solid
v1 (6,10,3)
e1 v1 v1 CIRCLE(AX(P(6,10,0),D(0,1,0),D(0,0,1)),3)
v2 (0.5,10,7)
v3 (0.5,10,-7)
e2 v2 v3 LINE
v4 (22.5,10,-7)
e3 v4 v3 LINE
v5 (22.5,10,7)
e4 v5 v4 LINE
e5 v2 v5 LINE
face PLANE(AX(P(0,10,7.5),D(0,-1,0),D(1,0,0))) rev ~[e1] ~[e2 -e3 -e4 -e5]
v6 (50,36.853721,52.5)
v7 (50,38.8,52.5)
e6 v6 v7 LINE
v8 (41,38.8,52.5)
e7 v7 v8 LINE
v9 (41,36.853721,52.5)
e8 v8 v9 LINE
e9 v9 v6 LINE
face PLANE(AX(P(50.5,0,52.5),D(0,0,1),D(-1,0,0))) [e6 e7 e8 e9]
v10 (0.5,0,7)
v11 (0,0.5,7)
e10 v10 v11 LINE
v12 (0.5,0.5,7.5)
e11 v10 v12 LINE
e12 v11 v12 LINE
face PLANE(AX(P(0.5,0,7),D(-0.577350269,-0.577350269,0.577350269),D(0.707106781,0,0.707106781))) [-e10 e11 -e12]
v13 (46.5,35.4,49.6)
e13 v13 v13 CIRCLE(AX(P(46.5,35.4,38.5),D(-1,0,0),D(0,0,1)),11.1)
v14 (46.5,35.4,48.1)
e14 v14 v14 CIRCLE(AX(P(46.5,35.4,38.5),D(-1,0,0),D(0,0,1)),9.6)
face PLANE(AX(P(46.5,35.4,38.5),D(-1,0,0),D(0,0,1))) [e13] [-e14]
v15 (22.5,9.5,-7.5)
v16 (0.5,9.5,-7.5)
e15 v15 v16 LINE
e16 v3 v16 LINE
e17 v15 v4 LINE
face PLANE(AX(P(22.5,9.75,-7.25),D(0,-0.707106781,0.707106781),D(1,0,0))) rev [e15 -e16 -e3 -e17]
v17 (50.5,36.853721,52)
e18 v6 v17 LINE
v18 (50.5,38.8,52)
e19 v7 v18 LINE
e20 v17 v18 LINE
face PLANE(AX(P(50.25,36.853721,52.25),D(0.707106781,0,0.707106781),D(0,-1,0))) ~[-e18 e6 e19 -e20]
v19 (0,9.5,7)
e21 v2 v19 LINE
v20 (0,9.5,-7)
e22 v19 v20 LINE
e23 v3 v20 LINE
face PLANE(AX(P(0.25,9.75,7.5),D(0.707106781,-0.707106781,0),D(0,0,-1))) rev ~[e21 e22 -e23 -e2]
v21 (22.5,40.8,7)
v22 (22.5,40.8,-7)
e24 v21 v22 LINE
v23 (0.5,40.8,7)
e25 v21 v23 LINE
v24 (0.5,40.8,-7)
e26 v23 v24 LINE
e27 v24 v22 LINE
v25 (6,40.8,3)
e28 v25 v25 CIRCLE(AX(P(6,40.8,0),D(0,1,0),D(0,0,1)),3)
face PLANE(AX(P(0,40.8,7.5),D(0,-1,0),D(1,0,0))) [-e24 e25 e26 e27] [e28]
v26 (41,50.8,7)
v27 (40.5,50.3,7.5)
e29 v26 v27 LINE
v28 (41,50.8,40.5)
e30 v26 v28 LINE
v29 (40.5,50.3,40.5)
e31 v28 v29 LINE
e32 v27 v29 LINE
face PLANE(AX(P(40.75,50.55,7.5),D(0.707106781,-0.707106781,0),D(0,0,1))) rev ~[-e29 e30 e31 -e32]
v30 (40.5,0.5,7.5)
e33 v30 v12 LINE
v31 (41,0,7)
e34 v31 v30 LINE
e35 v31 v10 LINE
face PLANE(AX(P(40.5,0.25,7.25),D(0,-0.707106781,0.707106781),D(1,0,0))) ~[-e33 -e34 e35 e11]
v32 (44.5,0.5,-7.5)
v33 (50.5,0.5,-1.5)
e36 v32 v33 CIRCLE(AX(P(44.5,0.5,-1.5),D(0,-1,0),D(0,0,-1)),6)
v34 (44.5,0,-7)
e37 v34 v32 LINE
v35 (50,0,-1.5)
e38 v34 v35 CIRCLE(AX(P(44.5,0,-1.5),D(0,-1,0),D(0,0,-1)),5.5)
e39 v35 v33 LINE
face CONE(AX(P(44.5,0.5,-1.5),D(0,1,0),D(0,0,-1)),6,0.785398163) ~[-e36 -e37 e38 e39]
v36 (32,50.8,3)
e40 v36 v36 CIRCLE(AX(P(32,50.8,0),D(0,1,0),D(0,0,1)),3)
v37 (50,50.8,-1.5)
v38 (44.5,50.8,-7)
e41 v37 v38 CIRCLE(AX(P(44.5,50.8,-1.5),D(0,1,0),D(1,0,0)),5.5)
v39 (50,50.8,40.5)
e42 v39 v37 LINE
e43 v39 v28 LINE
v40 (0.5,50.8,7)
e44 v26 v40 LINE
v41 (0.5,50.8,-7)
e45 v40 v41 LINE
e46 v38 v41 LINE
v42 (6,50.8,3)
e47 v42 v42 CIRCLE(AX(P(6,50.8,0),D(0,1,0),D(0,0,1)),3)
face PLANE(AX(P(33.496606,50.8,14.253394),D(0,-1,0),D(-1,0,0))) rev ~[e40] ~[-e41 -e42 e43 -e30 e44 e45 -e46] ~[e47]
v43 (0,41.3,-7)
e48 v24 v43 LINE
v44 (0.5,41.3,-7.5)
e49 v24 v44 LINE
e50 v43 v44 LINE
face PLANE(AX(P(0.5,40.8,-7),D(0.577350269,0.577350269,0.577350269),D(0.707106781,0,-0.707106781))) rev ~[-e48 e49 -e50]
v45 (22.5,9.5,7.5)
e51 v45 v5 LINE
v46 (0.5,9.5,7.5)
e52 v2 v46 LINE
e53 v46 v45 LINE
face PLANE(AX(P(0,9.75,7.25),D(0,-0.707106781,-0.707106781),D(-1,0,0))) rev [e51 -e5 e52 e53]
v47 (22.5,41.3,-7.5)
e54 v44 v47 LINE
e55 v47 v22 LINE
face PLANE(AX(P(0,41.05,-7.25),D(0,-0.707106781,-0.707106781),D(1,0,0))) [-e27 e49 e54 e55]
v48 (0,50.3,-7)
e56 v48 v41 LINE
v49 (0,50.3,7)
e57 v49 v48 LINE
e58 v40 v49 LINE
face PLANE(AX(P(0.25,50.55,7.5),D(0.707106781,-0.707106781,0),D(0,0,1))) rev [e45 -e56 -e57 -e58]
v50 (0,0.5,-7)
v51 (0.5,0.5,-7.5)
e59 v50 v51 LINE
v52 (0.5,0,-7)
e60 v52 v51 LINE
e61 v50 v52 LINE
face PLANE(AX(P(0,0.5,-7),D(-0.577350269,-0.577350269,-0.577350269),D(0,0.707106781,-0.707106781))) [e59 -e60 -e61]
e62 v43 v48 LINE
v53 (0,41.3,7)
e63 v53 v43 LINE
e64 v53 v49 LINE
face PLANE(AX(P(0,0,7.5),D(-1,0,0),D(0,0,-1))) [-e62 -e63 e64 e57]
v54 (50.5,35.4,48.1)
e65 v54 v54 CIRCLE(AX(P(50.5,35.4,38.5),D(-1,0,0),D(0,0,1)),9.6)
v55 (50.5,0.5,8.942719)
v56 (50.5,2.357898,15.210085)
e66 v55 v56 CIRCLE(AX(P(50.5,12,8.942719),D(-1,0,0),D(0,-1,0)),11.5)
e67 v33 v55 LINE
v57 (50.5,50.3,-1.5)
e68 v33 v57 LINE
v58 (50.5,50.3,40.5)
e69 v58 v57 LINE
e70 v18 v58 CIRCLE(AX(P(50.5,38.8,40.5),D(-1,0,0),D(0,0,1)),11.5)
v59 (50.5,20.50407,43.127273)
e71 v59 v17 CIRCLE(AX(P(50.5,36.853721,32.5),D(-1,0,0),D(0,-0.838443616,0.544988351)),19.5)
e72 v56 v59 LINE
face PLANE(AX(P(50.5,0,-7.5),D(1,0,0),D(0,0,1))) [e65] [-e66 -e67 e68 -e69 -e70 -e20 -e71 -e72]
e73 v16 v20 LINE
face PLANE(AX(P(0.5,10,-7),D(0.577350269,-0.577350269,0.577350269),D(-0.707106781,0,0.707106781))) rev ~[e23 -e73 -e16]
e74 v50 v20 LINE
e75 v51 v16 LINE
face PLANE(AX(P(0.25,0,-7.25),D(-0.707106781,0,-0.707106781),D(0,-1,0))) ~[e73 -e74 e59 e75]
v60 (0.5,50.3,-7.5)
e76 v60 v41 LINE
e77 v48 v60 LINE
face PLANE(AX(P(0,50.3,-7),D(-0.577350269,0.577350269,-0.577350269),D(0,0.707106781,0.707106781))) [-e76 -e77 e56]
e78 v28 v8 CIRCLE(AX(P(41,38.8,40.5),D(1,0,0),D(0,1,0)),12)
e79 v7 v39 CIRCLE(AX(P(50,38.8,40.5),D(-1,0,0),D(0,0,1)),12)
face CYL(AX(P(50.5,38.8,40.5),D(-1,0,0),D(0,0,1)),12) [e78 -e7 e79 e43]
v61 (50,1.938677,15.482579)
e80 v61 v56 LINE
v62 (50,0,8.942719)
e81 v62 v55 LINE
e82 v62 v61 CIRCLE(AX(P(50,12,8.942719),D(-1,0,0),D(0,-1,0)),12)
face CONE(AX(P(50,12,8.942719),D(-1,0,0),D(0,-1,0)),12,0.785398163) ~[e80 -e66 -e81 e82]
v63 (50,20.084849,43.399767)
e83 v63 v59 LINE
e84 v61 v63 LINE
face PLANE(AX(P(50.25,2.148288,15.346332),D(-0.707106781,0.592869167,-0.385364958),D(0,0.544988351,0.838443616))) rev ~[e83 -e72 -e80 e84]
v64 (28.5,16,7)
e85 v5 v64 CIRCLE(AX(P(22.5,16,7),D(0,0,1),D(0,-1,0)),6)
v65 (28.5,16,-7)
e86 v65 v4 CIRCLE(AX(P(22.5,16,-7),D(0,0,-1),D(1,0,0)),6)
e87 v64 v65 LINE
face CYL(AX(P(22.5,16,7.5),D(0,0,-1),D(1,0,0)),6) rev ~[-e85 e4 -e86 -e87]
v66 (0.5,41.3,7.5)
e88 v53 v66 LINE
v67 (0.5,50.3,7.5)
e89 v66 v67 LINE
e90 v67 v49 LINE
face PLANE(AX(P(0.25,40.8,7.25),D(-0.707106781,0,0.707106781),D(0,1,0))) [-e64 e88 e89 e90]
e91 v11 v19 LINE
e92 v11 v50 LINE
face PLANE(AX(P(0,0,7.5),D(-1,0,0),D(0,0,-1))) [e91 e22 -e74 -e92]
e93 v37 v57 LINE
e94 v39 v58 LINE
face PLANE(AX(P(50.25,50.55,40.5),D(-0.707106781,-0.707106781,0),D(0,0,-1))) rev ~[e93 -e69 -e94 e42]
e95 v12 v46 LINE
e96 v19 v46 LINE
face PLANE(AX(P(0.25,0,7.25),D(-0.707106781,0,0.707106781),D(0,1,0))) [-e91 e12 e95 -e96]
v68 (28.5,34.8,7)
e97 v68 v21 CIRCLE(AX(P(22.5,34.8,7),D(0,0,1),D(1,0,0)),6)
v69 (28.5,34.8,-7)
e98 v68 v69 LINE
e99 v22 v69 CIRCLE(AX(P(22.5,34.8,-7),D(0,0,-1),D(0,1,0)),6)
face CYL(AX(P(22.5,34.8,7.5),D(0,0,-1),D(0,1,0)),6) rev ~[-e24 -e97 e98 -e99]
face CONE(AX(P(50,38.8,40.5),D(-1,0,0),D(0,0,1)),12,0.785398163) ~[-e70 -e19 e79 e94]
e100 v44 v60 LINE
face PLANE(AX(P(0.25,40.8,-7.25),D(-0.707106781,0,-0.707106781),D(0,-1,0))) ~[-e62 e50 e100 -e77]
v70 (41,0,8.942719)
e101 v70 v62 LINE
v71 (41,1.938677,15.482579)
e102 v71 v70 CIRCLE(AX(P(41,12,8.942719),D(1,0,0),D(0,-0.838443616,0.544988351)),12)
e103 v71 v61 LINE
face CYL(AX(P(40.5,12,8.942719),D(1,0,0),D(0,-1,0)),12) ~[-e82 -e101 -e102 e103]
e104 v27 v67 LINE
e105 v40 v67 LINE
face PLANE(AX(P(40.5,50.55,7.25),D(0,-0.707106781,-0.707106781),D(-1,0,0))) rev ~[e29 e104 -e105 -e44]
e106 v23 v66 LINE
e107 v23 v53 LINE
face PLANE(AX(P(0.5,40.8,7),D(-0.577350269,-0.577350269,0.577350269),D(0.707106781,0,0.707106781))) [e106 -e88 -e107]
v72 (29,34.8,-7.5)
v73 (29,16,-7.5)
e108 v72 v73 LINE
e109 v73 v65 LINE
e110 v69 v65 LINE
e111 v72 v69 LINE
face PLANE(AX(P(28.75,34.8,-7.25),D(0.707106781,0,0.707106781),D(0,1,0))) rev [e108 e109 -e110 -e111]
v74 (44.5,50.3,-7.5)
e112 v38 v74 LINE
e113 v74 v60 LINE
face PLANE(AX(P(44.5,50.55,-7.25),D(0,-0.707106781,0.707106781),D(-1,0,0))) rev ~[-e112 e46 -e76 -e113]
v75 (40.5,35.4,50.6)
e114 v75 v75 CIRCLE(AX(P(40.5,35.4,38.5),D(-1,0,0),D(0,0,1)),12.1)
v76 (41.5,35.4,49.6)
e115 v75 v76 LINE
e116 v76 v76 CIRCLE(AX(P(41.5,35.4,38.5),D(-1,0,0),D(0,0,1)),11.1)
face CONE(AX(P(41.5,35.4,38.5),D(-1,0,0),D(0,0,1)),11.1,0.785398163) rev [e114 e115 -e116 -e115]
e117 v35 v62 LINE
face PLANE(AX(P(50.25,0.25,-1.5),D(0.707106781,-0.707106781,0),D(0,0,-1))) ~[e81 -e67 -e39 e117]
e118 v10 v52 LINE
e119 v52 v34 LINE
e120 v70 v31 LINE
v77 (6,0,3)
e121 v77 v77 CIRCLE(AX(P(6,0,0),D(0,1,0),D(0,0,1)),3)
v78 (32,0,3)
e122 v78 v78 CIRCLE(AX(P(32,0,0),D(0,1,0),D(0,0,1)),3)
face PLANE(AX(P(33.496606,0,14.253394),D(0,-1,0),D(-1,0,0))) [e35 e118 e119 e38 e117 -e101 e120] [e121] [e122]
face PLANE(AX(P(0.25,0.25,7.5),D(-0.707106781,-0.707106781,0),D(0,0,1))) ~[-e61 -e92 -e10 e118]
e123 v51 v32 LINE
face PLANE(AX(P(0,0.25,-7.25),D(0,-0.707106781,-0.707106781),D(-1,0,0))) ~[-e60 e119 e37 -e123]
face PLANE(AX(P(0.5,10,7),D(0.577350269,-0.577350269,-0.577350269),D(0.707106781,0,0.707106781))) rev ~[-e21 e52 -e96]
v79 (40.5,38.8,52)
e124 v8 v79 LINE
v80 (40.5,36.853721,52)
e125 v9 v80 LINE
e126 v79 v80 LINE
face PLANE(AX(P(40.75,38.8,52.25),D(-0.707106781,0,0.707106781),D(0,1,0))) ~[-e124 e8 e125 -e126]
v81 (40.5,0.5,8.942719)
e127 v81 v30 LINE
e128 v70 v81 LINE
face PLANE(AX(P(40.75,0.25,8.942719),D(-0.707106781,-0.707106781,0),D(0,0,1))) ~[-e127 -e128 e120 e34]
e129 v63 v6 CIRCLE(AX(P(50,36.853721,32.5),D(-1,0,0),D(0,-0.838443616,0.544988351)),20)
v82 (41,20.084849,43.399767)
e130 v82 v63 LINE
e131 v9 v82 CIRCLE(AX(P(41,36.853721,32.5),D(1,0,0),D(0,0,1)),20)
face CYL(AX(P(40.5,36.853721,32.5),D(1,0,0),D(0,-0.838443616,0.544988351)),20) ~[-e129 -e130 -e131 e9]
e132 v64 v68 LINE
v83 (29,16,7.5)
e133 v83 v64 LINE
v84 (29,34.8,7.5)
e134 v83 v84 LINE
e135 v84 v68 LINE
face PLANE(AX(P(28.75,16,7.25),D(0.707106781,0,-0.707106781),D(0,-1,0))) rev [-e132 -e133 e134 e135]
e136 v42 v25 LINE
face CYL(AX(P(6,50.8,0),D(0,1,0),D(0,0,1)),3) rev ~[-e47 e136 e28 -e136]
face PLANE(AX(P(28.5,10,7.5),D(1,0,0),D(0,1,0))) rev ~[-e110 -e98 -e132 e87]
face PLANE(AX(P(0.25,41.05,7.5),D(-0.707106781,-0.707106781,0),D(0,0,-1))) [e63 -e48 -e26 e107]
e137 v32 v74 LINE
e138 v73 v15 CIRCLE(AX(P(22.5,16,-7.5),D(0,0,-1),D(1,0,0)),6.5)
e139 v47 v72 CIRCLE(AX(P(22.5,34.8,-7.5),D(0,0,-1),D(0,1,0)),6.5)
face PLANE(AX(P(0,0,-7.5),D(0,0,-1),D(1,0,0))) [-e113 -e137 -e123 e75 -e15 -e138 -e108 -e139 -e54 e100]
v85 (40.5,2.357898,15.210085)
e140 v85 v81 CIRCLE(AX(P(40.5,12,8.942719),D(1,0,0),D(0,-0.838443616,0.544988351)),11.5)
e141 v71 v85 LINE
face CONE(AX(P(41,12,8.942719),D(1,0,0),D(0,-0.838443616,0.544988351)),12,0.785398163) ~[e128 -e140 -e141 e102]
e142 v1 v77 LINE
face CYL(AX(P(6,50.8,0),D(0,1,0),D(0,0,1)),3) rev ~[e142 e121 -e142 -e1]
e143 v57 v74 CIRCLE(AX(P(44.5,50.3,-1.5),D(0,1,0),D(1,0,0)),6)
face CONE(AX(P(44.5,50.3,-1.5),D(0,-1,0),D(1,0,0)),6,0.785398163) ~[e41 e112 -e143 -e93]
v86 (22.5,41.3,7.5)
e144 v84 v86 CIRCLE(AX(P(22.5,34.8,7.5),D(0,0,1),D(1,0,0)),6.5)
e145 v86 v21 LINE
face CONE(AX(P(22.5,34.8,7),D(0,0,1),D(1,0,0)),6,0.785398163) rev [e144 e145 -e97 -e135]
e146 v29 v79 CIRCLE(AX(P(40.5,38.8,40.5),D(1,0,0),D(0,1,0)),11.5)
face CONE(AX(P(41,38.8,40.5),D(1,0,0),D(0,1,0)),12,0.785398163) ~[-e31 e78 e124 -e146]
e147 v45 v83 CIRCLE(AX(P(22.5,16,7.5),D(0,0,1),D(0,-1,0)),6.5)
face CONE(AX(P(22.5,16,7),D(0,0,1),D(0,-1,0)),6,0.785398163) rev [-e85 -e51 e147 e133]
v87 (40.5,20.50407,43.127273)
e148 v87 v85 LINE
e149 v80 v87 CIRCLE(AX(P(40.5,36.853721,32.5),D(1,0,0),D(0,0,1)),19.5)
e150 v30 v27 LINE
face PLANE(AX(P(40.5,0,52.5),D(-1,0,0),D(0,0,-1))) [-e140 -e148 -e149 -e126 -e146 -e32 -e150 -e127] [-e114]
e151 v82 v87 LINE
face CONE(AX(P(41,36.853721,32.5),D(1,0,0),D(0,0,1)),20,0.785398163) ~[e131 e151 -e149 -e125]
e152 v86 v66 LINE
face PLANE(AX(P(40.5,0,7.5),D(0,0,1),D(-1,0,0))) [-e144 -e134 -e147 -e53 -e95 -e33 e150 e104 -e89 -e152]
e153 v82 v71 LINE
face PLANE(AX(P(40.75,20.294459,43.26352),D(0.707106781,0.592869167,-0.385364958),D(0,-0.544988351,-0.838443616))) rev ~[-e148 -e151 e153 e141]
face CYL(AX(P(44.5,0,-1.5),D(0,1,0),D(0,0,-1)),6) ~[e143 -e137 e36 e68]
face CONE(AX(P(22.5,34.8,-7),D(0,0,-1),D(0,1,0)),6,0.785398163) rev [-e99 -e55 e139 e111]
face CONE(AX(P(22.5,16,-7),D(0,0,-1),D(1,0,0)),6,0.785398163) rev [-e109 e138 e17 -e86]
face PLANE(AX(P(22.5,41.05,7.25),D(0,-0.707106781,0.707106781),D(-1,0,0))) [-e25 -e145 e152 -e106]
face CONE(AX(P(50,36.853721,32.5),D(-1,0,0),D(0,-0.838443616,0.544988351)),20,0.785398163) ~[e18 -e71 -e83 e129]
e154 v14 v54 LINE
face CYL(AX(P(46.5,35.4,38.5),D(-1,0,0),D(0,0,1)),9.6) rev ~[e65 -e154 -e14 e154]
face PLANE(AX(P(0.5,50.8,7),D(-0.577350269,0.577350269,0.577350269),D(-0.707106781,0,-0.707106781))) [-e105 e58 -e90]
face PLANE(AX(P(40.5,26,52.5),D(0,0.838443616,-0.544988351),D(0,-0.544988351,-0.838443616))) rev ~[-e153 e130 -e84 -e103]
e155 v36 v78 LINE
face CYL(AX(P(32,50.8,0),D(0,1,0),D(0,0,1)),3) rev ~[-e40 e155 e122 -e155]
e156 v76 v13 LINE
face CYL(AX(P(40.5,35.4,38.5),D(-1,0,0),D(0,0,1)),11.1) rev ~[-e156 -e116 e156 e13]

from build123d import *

# Parameters (mm, degrees)
BOSS_EXTRUDE1_DEPTH = 50.8
SKETCH3_R           = 11.1
CUT_EXTRUDE1_DEPTH  = 6
SKETCH4_R           = 9.6
CUT_EXTRUDE2_DEPTH  = 87.597575024
CUT_EXTRUDE3_DEPTH  = 84.529276305
FILLET1_R           = 20
FILLET2_R           = 12
SKETCH6_R           = 3
CUT_EXTRUDE4_DEPTH  = 89.809571556
SKETCH7_W           = 28.5
SKETCH7_H           = 30.8
CUT_EXTRUDE5_DEPTH  = 85.592493757
FILLET3_R           = 6
FILLET4_R           = 6
FILLET5_R           = 12
CHAMFER1_SIZE       = 0.5
CHAMFER2_SIZE       = 1


with BuildPart() as part:
    # Sketch2 → Boss-Extrude1 (new body)
    with BuildSketch(Plane(origin=(0, 0, 0), x_dir=(1, 0, 0), z_dir=(0, 1, 0))):
        Polygon((0, 7.5), (50.5, 7.5), (50.5, -52.5), (40.5, -52.5), (40.5, -7.5), (0, -7.5), align=None)
    extrude(amount=BOSS_EXTRUDE1_DEPTH)

    # Sketch3 → Cut-Extrude1 (cut)
    with BuildSketch(Plane.ZY.offset(-40.5)):
        with Locations((38.5, 35.4)):
            Circle(SKETCH3_R)
    extrude(amount=-CUT_EXTRUDE1_DEPTH, mode=Mode.SUBTRACT)

    # Sketch4 → Cut-Extrude2 (cut, through all)
    with BuildSketch(Plane.ZY.offset(-46.5)):
        with Locations((38.5, 35.4)):
            Circle(SKETCH4_R)
    extrude(amount=-CUT_EXTRUDE2_DEPTH, mode=Mode.SUBTRACT)

    # Sketch5 → Cut-Extrude3 (cut, through all)
    with BuildSketch(Plane.ZY.offset(-40.5)):
        Polygon((12.5, 0), (52.5, 0), (52.5, 26), align=None)
    extrude(amount=-CUT_EXTRUDE3_DEPTH, mode=Mode.SUBTRACT)

    # Fillet1
    fillet1_edges = [part.edges().sort_by_distance(p)[0] for p in [
        (45.5, 26, 52.5),
    ]]
    fillet(fillet1_edges, radius=FILLET1_R)

    # Fillet2
    fillet2_edges = [part.edges().sort_by_distance(p)[0] for p in [
        (45.5, 50.8, 52.5),
    ]]
    fillet(fillet2_edges, radius=FILLET2_R)

    # Sketch6 → Cut-Extrude4 (cut, through all)
    with BuildSketch(Plane(origin=(0, 50.8, 0), x_dir=(1, 0, 0), z_dir=(0, 1, 0))):
        with Locations(Location((6, 0, 0), (0, 0, 270))):
            Circle(SKETCH6_R)
        with Locations(Location((32, 0, 0), (0, 0, 270))):
            Circle(SKETCH6_R)
    extrude(amount=-CUT_EXTRUDE4_DEPTH, mode=Mode.SUBTRACT)

    # Sketch7 → Cut-Extrude5 (cut, through all)
    with BuildSketch(Plane.XY.offset(7.5)):
        with Locations((14.25, 25.4)):
            Rectangle(SKETCH7_W, SKETCH7_H)
    extrude(amount=-CUT_EXTRUDE5_DEPTH, mode=Mode.SUBTRACT)

    # Fillet3
    fillet3_edges = [part.edges().sort_by_distance(p)[0] for p in [
        (28.5, 10, 0),
        (28.5, 40.8, 0),
    ]]
    fillet(fillet3_edges, radius=FILLET3_R)

    # Fillet4
    fillet4_edges = [part.edges().sort_by_distance(p)[0] for p in [
        (50.5, 25.4, -7.5),
    ]]
    fillet(fillet4_edges, radius=FILLET4_R)

    # Fillet5
    fillet5_edges = [part.edges().sort_by_distance(p)[0] for p in [
        (45.5, 0, 12.5),
    ]]
    fillet(fillet5_edges, radius=FILLET5_R)

    # Chamfer1
    chamfer1_edges = [part.edges().sort_by_distance(p)[0] for p in [
        (48.742640687, 0, -5.742640687),
        (50.5, 50.8, 19.5),
        (48.742640687, 50.8, -5.742640687),
        (40.5, 0, 8.221359592),
        (40.5, 0.4948733, 12.353299725),
        (50.5, 0.4948733, 12.353299725),
        (0, 45.8, -7.5),
        (0, 45.8, 7.5),
        (20.25, 50.8, 7.5),
        (0, 50.8, 0),
        (40.5, 11.011762581, 29.441173202),
        (50.5, 11.011762581, 29.441173202),
        (40.5, 27.314206751, 50.07832956),
        (50.5, 27.314206751, 50.07832956),
        (40.5, 37.826860442, 52.5),
        (50.5, 37.826860442, 52.5),
        (40.5, 50.8, 24),
        (22.25, 50.8, -7.5),
        (40.5, 47.285281374, 48.985281374),
        (50.5, 47.285281374, 48.985281374),
        (0, 5, 7.5),
        (0, 0, 0),
        (0, 5, -7.5),
        (20.25, 0, 7.5),
        (0, 40.8, 0),
        (11.25, 10, -7.5),
        (0, 10, 0),
        (11.25, 10, 7.5),
        (11.25, 40.8, 7.5),
        (11.25, 40.8, -7.5),
        (28.5, 25.4, 7.5),
        (28.5, 25.4, -7.5),
        (22.25, 0, -7.5),
        (26.742640687, 39.042640687, 7.5),
        (26.742640687, 39.042640687, -7.5),
        (26.742640687, 11.757359313, 7.5),
        (26.742640687, 11.757359313, -7.5),
        (50.5, 0, 3.721359592),
    ]]
    chamfer(chamfer1_edges, length=CHAMFER1_SIZE)

    # Chamfer2
    chamfer2_edges = [part.edges().sort_by_distance(p)[0] for p in [
        (40.5, 35.4, 27.4),
    ]]
    chamfer(chamfer2_edges, length=CHAMFER2_SIZE)


solid = part.part
